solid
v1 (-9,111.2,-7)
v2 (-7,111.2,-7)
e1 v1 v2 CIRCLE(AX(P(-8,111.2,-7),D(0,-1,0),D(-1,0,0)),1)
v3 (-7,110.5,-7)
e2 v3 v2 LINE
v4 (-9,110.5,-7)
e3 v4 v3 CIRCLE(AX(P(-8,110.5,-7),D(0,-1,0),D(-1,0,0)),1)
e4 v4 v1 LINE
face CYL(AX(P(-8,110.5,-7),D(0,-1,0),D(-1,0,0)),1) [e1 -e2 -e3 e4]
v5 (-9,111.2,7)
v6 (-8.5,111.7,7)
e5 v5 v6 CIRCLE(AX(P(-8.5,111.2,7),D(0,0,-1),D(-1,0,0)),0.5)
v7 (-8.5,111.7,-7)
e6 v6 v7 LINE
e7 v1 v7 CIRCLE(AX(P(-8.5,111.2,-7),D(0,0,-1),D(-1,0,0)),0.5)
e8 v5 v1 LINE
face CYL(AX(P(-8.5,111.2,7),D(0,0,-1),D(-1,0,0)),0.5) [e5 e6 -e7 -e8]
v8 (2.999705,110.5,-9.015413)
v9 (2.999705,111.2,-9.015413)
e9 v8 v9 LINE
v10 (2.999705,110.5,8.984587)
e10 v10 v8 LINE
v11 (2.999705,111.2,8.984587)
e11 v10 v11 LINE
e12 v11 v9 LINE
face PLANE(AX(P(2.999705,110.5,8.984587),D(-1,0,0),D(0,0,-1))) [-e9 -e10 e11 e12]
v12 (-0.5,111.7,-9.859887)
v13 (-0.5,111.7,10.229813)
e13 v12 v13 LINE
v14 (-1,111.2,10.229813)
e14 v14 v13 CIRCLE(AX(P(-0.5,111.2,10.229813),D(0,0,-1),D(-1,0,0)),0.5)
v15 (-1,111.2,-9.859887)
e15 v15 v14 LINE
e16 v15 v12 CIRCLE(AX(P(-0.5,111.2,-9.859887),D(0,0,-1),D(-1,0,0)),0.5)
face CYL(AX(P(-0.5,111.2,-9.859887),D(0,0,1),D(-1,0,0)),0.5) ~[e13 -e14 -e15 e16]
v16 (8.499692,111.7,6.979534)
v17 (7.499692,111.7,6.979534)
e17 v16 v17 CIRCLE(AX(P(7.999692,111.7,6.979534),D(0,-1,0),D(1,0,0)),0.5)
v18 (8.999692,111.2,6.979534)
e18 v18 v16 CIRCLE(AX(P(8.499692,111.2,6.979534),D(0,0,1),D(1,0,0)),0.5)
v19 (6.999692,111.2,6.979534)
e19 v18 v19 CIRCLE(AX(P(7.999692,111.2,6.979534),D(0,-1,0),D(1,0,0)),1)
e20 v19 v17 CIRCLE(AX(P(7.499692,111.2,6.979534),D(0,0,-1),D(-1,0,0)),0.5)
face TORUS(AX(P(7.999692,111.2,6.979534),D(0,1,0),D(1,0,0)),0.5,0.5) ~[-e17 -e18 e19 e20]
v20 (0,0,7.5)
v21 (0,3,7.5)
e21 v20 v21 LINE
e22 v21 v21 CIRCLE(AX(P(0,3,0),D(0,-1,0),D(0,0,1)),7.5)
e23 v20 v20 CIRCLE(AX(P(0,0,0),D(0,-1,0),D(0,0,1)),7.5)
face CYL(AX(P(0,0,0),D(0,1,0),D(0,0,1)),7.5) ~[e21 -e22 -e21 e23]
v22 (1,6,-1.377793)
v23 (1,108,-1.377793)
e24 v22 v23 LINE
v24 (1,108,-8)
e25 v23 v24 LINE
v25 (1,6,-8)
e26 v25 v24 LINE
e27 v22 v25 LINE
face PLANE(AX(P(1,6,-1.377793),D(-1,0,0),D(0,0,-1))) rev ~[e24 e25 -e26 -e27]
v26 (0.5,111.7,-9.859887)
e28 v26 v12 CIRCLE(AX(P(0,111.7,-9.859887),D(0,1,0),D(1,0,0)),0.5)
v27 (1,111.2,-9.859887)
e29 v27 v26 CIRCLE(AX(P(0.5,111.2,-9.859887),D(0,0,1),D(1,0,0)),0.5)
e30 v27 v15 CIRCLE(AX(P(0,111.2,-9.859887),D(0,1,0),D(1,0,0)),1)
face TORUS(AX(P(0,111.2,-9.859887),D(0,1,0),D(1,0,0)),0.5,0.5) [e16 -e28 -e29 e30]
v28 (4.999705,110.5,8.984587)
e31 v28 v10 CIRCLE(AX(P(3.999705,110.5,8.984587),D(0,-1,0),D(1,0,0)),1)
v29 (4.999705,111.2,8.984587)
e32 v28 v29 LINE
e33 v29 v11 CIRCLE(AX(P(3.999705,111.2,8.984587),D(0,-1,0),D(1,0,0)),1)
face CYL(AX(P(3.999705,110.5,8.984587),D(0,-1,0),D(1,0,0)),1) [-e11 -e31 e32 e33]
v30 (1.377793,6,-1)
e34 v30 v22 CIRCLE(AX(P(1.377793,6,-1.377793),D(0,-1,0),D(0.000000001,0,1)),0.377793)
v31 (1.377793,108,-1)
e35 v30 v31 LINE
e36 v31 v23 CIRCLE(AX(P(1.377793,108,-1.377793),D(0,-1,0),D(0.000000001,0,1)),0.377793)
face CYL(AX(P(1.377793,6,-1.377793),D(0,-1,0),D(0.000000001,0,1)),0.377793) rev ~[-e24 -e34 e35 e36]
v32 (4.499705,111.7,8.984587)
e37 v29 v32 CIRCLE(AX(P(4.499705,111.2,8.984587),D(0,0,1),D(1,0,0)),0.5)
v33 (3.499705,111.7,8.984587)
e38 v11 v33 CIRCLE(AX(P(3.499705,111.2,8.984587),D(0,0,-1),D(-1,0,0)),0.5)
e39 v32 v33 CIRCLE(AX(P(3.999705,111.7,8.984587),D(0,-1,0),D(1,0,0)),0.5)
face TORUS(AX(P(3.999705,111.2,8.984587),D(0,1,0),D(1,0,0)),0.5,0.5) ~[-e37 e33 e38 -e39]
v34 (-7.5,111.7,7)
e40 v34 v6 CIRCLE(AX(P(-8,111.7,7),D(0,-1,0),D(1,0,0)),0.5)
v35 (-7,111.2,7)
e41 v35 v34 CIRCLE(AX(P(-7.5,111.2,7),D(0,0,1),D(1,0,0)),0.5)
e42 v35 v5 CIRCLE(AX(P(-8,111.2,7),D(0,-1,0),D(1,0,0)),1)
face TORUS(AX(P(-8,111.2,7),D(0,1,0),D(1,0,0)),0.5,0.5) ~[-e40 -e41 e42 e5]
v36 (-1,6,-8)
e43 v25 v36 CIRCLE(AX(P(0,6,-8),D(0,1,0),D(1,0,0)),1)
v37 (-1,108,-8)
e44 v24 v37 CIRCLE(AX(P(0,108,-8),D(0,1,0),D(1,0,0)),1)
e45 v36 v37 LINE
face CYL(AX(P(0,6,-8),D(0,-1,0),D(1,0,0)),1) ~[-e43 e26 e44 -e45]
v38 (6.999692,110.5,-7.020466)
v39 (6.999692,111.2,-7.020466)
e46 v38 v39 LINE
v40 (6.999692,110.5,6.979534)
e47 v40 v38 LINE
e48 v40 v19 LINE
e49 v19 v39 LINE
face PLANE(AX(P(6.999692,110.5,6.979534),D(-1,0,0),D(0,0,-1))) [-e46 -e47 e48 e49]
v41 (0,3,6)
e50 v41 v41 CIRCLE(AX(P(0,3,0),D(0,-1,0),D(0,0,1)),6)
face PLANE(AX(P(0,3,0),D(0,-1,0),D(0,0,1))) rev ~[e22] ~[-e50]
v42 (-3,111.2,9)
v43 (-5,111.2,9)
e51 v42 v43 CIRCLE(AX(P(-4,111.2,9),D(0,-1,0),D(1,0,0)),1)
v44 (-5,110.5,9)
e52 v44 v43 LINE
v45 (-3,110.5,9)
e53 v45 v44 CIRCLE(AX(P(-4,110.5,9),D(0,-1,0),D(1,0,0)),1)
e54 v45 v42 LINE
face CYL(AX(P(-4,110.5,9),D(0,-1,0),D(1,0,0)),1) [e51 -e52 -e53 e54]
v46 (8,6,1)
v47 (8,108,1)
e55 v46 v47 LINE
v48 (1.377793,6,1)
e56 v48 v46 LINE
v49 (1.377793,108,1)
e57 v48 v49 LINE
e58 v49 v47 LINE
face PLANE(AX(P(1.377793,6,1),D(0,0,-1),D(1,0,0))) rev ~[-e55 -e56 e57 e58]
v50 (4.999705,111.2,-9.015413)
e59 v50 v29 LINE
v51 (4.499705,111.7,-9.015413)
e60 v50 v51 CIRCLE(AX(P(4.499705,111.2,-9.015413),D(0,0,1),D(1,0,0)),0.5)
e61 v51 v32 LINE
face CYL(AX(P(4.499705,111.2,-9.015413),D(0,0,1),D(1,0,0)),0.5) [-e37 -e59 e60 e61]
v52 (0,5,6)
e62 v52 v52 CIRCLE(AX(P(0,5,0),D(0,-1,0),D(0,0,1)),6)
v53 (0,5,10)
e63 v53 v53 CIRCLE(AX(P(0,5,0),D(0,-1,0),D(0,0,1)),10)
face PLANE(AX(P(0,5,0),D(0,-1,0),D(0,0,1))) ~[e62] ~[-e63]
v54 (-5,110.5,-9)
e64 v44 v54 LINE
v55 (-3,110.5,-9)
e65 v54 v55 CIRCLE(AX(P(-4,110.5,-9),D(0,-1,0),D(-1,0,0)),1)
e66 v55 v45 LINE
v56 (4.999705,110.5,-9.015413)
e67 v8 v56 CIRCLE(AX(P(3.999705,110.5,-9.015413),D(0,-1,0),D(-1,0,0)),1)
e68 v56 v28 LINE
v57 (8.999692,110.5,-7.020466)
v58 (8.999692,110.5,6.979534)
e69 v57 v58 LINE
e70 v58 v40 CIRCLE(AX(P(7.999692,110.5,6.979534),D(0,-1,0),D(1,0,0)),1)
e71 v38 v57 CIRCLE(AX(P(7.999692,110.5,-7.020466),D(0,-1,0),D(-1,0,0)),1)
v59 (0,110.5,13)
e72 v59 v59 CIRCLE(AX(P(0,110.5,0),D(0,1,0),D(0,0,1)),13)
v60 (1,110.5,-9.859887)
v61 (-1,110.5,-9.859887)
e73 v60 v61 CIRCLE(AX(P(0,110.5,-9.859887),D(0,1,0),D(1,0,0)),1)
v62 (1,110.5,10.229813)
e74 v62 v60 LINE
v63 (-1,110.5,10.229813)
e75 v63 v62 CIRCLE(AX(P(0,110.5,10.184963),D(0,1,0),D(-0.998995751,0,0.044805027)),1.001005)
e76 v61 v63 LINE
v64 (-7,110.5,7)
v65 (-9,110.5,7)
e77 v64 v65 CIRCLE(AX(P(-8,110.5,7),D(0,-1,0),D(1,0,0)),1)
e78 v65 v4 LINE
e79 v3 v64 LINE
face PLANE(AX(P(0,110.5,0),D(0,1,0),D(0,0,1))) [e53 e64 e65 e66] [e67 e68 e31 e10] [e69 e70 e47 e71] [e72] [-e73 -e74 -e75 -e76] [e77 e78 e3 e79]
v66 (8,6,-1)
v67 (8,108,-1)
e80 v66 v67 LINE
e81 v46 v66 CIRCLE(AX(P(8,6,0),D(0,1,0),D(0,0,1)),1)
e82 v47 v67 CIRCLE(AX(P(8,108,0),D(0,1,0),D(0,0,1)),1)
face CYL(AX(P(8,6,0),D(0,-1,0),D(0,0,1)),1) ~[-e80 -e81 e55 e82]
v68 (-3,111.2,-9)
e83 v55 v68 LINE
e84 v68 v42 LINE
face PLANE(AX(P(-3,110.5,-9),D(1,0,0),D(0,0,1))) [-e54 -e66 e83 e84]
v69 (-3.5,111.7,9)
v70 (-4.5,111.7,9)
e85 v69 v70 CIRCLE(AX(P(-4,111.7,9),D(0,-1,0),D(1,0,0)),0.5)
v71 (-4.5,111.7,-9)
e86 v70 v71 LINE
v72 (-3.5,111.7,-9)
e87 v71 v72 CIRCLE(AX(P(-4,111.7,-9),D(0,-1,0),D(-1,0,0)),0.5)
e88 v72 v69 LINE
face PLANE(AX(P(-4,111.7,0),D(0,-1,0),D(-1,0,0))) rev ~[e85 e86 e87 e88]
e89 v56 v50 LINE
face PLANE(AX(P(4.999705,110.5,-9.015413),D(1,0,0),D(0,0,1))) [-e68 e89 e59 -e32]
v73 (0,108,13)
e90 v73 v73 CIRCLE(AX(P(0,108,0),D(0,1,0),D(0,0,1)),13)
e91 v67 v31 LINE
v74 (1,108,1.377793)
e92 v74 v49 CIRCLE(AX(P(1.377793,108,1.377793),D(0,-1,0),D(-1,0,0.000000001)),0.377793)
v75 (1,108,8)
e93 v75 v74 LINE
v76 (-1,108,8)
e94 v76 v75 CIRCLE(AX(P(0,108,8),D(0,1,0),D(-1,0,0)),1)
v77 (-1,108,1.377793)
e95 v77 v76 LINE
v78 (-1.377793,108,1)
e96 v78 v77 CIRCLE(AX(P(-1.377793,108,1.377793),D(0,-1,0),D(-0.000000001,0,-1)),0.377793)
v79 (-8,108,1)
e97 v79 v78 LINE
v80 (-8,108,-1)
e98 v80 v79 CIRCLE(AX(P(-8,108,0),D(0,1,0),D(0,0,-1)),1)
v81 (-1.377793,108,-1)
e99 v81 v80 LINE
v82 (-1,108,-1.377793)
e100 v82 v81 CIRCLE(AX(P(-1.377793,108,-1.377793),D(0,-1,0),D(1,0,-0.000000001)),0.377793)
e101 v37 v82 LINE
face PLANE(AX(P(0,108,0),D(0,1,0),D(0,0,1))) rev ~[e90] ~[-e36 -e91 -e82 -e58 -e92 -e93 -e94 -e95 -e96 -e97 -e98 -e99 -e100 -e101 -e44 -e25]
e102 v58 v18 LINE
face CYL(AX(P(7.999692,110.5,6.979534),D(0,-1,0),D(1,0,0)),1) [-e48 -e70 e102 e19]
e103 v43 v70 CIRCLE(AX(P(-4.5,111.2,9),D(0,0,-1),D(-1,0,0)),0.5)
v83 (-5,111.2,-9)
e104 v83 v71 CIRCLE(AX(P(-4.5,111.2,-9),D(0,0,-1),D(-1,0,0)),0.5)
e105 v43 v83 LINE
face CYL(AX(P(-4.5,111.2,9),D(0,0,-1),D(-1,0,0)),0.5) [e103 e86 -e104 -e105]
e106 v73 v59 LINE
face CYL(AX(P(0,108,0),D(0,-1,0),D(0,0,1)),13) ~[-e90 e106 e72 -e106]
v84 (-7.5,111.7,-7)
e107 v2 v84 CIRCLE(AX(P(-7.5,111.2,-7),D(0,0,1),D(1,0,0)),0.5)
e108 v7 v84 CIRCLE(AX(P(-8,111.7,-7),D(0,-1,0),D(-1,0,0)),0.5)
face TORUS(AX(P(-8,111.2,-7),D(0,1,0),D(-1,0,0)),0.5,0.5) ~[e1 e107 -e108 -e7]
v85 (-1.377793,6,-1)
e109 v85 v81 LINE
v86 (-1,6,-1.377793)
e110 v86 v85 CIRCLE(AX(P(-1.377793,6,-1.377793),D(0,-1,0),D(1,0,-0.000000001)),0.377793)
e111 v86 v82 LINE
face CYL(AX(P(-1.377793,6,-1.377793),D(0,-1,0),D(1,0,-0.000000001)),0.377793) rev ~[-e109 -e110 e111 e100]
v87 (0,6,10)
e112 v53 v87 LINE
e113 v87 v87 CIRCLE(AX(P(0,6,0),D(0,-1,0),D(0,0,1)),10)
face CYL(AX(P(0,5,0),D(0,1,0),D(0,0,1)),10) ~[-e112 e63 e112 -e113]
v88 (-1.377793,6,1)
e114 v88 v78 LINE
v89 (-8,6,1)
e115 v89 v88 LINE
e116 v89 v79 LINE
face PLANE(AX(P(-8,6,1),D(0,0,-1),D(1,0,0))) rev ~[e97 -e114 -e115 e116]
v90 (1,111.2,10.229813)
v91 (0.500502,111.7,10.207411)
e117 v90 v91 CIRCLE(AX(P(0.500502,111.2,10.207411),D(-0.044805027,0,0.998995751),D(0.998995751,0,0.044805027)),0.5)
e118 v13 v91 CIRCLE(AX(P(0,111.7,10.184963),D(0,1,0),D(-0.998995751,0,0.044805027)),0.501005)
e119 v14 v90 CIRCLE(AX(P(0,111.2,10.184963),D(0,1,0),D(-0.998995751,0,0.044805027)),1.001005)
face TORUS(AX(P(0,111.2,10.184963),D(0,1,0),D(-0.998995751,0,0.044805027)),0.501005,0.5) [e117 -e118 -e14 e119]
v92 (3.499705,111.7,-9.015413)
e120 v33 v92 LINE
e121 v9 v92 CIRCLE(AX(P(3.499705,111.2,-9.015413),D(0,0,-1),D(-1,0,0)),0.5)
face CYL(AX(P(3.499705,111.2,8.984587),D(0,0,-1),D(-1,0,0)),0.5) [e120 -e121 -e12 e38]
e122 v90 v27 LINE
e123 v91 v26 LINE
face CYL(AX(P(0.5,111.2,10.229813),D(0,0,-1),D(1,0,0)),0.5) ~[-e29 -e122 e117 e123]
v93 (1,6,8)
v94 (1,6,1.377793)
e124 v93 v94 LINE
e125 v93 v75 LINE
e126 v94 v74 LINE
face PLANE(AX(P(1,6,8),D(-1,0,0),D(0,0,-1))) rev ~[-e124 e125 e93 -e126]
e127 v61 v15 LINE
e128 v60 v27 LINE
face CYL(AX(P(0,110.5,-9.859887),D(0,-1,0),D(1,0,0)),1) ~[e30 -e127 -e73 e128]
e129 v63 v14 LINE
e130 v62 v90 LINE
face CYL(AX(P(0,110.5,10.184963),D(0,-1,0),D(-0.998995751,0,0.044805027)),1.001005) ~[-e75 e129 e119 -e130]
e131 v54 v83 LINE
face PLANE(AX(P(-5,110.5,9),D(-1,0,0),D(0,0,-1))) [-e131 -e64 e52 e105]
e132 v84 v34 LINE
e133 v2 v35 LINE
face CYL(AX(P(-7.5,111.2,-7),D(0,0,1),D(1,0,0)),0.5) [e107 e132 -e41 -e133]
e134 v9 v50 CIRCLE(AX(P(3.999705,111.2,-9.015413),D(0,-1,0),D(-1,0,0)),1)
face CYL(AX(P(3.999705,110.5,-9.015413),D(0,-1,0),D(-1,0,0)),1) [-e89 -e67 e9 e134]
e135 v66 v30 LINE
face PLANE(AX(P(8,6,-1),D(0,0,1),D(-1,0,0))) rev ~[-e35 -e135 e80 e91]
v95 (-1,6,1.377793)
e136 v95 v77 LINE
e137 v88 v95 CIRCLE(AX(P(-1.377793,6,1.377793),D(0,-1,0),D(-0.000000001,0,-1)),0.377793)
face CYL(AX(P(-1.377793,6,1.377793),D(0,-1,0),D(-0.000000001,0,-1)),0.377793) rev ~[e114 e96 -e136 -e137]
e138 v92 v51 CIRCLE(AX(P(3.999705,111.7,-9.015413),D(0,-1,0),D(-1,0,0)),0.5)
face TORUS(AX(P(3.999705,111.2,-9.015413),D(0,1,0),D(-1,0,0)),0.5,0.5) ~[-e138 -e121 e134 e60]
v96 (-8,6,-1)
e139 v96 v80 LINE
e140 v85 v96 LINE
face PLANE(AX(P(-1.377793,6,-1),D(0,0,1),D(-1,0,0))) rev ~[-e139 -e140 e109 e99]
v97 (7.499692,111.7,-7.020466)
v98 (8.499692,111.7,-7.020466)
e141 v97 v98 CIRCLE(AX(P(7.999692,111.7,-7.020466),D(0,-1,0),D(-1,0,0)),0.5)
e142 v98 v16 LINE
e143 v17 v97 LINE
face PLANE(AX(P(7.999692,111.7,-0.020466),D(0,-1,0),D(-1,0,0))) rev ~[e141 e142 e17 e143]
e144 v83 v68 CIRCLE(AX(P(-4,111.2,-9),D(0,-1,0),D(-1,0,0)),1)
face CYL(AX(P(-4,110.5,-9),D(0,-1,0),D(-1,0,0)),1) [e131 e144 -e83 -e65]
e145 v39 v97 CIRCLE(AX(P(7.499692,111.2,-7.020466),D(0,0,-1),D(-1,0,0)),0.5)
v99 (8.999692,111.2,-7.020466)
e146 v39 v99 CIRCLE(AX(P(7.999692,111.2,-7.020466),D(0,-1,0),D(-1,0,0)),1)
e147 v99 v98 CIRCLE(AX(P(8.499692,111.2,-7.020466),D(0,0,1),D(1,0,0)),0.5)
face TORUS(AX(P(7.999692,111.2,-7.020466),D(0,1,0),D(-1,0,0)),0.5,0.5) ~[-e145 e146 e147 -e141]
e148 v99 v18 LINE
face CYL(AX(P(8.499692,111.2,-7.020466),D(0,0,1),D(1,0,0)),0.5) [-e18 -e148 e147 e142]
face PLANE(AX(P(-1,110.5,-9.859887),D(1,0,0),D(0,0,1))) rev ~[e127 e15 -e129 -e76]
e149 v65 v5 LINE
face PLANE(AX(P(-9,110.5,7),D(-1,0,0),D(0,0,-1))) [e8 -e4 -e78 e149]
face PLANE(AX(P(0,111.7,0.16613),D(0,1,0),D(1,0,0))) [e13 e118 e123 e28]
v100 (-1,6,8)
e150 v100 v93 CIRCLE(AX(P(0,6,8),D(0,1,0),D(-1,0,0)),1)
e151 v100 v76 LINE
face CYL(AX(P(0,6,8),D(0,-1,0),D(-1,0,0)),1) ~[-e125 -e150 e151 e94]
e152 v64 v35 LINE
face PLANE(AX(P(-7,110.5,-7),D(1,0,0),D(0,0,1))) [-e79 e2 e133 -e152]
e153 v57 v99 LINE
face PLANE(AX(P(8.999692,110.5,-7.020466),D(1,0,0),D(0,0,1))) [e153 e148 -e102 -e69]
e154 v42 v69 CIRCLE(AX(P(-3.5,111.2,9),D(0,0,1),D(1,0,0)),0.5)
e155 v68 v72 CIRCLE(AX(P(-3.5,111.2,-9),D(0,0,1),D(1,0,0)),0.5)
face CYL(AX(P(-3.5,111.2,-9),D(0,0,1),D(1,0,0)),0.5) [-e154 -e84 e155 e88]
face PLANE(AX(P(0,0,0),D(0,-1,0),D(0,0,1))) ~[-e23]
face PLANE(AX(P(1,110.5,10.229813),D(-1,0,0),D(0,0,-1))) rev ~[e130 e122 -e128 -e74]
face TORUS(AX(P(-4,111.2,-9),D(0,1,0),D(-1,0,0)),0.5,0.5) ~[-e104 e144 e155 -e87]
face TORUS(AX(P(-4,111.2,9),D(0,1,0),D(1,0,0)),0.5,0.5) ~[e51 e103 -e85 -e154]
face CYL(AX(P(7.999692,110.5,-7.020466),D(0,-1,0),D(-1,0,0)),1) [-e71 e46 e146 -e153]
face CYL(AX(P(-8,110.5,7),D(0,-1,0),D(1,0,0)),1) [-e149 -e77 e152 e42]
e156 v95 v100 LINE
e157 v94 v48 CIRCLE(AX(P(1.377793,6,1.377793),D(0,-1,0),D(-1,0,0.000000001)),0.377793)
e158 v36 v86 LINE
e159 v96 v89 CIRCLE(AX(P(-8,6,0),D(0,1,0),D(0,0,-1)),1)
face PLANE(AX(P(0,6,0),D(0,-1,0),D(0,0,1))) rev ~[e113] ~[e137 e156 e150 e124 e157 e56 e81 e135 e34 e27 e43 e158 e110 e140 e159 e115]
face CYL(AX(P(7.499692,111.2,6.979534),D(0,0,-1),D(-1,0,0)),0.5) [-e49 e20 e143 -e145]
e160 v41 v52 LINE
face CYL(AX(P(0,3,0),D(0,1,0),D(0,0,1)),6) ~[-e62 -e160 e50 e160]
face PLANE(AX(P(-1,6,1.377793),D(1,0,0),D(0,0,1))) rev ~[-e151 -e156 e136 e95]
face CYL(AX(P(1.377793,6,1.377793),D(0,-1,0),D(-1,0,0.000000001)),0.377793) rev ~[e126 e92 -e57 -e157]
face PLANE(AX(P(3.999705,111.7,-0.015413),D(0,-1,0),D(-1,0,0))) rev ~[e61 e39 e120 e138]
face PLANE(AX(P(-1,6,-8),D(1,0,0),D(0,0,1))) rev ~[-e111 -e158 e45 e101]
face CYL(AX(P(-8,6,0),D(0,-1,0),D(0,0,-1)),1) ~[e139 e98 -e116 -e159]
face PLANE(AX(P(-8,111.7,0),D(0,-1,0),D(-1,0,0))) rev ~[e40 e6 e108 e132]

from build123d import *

# Parameters (mm, degrees)
BOSS_EXTRUDE1_DEPTH = 102
SKETCH3_R           = 13
BOSS_EXTRUDE2_DEPTH = 2.5
BOSS_EXTRUDE4_DEPTH = 1.2
FILLET1_R           = 0.5


with BuildPart() as part:
    # Sketch1 → Revolve1 (revolve)
    with BuildSketch(Plane.XY, mode=Mode.PRIVATE) as revolve1_sk:
        Polygon((0, 0), (7.5, 0), (7.5, 3), (6, 3), (6, 5), (10, 5), (10, 6), (0, 6), align=None)
    revolve(revolve1_sk.sketch.rotate(Axis((0, 6, 0), (0, -1, 0)), 90), axis=Axis((0, 6, 0), (0, -1, 0)))

    # Sketch2 → Boss-Extrude1 (add)
    with BuildSketch(Plane(origin=(0, 6, 0), x_dir=(1, 0, 0), z_dir=(0, 1, 0))):
        with BuildLine():
            Line((-1, 8), (-1, 1.377792523))
            ThreePointArc((-1, 1.377792523), (-1.110652868, 1.110652868), (-1.377792523, 1))
            Line((-1.377792523, 1), (-8, 1))
            ThreePointArc((-8, 1), (-9, 0), (-8, -1))
            Line((-8, -1), (-1.377792523, -1))
            ThreePointArc((-1.377792523, -1), (-1.110652868, -1.110652868), (-1, -1.377792523))
            Line((-1, -1.377792523), (-1, -8))
            ThreePointArc((-1, -8), (0, -9), (1, -8))
            Line((1, -8), (1, -1.377792523))
            ThreePointArc((1, -1.377792523), (1.110652868, -1.110652868), (1.377792523, -1))
            Line((1.377792523, -1), (8, -1))
            ThreePointArc((8, -1), (9, 0), (8, 1))
            Line((8, 1), (1.377792523, 1))
            ThreePointArc((1.377792523, 1), (1.110652868, 1.110652868), (1, 1.377792523))
            Line((1, 1.377792523), (1, 8))
            ThreePointArc((1, 8), (0, 9), (-1, 8))
        make_face()
    extrude(amount=BOSS_EXTRUDE1_DEPTH)

    # Sketch3 → Boss-Extrude2 (add)
    with BuildSketch(Plane(origin=(0, 108, 0), x_dir=(1, 0, 0), z_dir=(0, 1, 0))):
        with Locations(Location((0, 0, 0), (0, 0, 270))):
            Circle(SKETCH3_R)
    extrude(amount=BOSS_EXTRUDE2_DEPTH)

    # Sketch4 → Boss-Extrude4 (add)
    with BuildSketch(Plane(origin=(0, 110.5, 0), x_dir=(1, 0, 0), z_dir=(0, 1, 0))):
        with BuildLine():
            ThreePointArc((6.999692348, 7.020465501), (7.999692348, 8.020465501), (8.999692348, 7.020465501))
            Line((8.999692348, 7.020465501), (8.999692348, -6.979534499))
            ThreePointArc((8.999692348, -6.979534499), (7.999692348, -7.979534499), (6.999692348, -6.979534499))
            Line((6.999692348, -6.979534499), (6.999692348, 7.020465501))
        make_face()
        with BuildLine():
            ThreePointArc((2.999705113, 9.015412789), (3.999705113, 10.015412789), (4.999705113, 9.015412789))
            Line((4.999705113, 9.015412789), (4.999705113, -8.984587211))
            ThreePointArc((4.999705113, -8.984587211), (3.999705113, -9.984587211), (2.999705113, -8.984587211))
            Line((2.999705113, -8.984587211), (2.999705113, 9.015412789))
        make_face()
        with BuildLine():
            ThreePointArc((-1, -10.229813095), (0, -11.185968286), (1, -10.229813095))
            Line((1, -10.229813095), (1, 9.859887042))
            ThreePointArc((1, 9.859887042), (0, 10.859887042), (-1, 9.859887042))
            Line((-1, 9.859887042), (-1, -10.140112958))
            Line((-1, -10.140112958), (-1, -10.229813095))
        make_face()
        with BuildLine():
            ThreePointArc((-5, 9), (-4, 10), (-3, 9))
            Line((-3, 9), (-3, -9))
            ThreePointArc((-3, -9), (-4, -10), (-5, -9))
            Line((-5, -9), (-5, 9))
        make_face()
        with BuildLine():
            ThreePointArc((-9, 7), (-8, 8), (-7, 7))
            Line((-7, 7), (-7, -7))
            ThreePointArc((-7, -7), (-8, -8), (-9, -7))
            Line((-9, -7), (-9, 7))
        make_face()
    extrude(amount=BOSS_EXTRUDE4_DEPTH)

    # Fillet1
    fillet1_edges = [part.edges().sort_by_distance(p)[0] for p in [
        (0, 111.7, -10.859887042),
        (-1, 111.7, 0.184963027),
        (0, 111.7, 11.185968286),
        (1, 111.7, 0.184963027),
        (-4, 111.7, -10),
        (-5, 111.7, 0),
        (-4, 111.7, 10),
        (-3, 111.7, 0),
        (-8, 111.7, -8),
        (-9, 111.7, 0),
        (-8, 111.7, 8),
        (-7, 111.7, 0),
        (7.999692348, 111.7, -8.020465501),
        (6.999692348, 111.7, -0.020465501),
        (7.999692348, 111.7, 7.979534499),
        (8.999692348, 111.7, -0.020465501),
        (3.999705113, 111.7, -10.015412789),
        (2.999705113, 111.7, -0.015412789),
        (3.999705113, 111.7, 9.984587211),
        (4.999705113, 111.7, -0.015412789),
    ]]
    fillet(fillet1_edges, radius=FILLET1_R)


solid = part.part
